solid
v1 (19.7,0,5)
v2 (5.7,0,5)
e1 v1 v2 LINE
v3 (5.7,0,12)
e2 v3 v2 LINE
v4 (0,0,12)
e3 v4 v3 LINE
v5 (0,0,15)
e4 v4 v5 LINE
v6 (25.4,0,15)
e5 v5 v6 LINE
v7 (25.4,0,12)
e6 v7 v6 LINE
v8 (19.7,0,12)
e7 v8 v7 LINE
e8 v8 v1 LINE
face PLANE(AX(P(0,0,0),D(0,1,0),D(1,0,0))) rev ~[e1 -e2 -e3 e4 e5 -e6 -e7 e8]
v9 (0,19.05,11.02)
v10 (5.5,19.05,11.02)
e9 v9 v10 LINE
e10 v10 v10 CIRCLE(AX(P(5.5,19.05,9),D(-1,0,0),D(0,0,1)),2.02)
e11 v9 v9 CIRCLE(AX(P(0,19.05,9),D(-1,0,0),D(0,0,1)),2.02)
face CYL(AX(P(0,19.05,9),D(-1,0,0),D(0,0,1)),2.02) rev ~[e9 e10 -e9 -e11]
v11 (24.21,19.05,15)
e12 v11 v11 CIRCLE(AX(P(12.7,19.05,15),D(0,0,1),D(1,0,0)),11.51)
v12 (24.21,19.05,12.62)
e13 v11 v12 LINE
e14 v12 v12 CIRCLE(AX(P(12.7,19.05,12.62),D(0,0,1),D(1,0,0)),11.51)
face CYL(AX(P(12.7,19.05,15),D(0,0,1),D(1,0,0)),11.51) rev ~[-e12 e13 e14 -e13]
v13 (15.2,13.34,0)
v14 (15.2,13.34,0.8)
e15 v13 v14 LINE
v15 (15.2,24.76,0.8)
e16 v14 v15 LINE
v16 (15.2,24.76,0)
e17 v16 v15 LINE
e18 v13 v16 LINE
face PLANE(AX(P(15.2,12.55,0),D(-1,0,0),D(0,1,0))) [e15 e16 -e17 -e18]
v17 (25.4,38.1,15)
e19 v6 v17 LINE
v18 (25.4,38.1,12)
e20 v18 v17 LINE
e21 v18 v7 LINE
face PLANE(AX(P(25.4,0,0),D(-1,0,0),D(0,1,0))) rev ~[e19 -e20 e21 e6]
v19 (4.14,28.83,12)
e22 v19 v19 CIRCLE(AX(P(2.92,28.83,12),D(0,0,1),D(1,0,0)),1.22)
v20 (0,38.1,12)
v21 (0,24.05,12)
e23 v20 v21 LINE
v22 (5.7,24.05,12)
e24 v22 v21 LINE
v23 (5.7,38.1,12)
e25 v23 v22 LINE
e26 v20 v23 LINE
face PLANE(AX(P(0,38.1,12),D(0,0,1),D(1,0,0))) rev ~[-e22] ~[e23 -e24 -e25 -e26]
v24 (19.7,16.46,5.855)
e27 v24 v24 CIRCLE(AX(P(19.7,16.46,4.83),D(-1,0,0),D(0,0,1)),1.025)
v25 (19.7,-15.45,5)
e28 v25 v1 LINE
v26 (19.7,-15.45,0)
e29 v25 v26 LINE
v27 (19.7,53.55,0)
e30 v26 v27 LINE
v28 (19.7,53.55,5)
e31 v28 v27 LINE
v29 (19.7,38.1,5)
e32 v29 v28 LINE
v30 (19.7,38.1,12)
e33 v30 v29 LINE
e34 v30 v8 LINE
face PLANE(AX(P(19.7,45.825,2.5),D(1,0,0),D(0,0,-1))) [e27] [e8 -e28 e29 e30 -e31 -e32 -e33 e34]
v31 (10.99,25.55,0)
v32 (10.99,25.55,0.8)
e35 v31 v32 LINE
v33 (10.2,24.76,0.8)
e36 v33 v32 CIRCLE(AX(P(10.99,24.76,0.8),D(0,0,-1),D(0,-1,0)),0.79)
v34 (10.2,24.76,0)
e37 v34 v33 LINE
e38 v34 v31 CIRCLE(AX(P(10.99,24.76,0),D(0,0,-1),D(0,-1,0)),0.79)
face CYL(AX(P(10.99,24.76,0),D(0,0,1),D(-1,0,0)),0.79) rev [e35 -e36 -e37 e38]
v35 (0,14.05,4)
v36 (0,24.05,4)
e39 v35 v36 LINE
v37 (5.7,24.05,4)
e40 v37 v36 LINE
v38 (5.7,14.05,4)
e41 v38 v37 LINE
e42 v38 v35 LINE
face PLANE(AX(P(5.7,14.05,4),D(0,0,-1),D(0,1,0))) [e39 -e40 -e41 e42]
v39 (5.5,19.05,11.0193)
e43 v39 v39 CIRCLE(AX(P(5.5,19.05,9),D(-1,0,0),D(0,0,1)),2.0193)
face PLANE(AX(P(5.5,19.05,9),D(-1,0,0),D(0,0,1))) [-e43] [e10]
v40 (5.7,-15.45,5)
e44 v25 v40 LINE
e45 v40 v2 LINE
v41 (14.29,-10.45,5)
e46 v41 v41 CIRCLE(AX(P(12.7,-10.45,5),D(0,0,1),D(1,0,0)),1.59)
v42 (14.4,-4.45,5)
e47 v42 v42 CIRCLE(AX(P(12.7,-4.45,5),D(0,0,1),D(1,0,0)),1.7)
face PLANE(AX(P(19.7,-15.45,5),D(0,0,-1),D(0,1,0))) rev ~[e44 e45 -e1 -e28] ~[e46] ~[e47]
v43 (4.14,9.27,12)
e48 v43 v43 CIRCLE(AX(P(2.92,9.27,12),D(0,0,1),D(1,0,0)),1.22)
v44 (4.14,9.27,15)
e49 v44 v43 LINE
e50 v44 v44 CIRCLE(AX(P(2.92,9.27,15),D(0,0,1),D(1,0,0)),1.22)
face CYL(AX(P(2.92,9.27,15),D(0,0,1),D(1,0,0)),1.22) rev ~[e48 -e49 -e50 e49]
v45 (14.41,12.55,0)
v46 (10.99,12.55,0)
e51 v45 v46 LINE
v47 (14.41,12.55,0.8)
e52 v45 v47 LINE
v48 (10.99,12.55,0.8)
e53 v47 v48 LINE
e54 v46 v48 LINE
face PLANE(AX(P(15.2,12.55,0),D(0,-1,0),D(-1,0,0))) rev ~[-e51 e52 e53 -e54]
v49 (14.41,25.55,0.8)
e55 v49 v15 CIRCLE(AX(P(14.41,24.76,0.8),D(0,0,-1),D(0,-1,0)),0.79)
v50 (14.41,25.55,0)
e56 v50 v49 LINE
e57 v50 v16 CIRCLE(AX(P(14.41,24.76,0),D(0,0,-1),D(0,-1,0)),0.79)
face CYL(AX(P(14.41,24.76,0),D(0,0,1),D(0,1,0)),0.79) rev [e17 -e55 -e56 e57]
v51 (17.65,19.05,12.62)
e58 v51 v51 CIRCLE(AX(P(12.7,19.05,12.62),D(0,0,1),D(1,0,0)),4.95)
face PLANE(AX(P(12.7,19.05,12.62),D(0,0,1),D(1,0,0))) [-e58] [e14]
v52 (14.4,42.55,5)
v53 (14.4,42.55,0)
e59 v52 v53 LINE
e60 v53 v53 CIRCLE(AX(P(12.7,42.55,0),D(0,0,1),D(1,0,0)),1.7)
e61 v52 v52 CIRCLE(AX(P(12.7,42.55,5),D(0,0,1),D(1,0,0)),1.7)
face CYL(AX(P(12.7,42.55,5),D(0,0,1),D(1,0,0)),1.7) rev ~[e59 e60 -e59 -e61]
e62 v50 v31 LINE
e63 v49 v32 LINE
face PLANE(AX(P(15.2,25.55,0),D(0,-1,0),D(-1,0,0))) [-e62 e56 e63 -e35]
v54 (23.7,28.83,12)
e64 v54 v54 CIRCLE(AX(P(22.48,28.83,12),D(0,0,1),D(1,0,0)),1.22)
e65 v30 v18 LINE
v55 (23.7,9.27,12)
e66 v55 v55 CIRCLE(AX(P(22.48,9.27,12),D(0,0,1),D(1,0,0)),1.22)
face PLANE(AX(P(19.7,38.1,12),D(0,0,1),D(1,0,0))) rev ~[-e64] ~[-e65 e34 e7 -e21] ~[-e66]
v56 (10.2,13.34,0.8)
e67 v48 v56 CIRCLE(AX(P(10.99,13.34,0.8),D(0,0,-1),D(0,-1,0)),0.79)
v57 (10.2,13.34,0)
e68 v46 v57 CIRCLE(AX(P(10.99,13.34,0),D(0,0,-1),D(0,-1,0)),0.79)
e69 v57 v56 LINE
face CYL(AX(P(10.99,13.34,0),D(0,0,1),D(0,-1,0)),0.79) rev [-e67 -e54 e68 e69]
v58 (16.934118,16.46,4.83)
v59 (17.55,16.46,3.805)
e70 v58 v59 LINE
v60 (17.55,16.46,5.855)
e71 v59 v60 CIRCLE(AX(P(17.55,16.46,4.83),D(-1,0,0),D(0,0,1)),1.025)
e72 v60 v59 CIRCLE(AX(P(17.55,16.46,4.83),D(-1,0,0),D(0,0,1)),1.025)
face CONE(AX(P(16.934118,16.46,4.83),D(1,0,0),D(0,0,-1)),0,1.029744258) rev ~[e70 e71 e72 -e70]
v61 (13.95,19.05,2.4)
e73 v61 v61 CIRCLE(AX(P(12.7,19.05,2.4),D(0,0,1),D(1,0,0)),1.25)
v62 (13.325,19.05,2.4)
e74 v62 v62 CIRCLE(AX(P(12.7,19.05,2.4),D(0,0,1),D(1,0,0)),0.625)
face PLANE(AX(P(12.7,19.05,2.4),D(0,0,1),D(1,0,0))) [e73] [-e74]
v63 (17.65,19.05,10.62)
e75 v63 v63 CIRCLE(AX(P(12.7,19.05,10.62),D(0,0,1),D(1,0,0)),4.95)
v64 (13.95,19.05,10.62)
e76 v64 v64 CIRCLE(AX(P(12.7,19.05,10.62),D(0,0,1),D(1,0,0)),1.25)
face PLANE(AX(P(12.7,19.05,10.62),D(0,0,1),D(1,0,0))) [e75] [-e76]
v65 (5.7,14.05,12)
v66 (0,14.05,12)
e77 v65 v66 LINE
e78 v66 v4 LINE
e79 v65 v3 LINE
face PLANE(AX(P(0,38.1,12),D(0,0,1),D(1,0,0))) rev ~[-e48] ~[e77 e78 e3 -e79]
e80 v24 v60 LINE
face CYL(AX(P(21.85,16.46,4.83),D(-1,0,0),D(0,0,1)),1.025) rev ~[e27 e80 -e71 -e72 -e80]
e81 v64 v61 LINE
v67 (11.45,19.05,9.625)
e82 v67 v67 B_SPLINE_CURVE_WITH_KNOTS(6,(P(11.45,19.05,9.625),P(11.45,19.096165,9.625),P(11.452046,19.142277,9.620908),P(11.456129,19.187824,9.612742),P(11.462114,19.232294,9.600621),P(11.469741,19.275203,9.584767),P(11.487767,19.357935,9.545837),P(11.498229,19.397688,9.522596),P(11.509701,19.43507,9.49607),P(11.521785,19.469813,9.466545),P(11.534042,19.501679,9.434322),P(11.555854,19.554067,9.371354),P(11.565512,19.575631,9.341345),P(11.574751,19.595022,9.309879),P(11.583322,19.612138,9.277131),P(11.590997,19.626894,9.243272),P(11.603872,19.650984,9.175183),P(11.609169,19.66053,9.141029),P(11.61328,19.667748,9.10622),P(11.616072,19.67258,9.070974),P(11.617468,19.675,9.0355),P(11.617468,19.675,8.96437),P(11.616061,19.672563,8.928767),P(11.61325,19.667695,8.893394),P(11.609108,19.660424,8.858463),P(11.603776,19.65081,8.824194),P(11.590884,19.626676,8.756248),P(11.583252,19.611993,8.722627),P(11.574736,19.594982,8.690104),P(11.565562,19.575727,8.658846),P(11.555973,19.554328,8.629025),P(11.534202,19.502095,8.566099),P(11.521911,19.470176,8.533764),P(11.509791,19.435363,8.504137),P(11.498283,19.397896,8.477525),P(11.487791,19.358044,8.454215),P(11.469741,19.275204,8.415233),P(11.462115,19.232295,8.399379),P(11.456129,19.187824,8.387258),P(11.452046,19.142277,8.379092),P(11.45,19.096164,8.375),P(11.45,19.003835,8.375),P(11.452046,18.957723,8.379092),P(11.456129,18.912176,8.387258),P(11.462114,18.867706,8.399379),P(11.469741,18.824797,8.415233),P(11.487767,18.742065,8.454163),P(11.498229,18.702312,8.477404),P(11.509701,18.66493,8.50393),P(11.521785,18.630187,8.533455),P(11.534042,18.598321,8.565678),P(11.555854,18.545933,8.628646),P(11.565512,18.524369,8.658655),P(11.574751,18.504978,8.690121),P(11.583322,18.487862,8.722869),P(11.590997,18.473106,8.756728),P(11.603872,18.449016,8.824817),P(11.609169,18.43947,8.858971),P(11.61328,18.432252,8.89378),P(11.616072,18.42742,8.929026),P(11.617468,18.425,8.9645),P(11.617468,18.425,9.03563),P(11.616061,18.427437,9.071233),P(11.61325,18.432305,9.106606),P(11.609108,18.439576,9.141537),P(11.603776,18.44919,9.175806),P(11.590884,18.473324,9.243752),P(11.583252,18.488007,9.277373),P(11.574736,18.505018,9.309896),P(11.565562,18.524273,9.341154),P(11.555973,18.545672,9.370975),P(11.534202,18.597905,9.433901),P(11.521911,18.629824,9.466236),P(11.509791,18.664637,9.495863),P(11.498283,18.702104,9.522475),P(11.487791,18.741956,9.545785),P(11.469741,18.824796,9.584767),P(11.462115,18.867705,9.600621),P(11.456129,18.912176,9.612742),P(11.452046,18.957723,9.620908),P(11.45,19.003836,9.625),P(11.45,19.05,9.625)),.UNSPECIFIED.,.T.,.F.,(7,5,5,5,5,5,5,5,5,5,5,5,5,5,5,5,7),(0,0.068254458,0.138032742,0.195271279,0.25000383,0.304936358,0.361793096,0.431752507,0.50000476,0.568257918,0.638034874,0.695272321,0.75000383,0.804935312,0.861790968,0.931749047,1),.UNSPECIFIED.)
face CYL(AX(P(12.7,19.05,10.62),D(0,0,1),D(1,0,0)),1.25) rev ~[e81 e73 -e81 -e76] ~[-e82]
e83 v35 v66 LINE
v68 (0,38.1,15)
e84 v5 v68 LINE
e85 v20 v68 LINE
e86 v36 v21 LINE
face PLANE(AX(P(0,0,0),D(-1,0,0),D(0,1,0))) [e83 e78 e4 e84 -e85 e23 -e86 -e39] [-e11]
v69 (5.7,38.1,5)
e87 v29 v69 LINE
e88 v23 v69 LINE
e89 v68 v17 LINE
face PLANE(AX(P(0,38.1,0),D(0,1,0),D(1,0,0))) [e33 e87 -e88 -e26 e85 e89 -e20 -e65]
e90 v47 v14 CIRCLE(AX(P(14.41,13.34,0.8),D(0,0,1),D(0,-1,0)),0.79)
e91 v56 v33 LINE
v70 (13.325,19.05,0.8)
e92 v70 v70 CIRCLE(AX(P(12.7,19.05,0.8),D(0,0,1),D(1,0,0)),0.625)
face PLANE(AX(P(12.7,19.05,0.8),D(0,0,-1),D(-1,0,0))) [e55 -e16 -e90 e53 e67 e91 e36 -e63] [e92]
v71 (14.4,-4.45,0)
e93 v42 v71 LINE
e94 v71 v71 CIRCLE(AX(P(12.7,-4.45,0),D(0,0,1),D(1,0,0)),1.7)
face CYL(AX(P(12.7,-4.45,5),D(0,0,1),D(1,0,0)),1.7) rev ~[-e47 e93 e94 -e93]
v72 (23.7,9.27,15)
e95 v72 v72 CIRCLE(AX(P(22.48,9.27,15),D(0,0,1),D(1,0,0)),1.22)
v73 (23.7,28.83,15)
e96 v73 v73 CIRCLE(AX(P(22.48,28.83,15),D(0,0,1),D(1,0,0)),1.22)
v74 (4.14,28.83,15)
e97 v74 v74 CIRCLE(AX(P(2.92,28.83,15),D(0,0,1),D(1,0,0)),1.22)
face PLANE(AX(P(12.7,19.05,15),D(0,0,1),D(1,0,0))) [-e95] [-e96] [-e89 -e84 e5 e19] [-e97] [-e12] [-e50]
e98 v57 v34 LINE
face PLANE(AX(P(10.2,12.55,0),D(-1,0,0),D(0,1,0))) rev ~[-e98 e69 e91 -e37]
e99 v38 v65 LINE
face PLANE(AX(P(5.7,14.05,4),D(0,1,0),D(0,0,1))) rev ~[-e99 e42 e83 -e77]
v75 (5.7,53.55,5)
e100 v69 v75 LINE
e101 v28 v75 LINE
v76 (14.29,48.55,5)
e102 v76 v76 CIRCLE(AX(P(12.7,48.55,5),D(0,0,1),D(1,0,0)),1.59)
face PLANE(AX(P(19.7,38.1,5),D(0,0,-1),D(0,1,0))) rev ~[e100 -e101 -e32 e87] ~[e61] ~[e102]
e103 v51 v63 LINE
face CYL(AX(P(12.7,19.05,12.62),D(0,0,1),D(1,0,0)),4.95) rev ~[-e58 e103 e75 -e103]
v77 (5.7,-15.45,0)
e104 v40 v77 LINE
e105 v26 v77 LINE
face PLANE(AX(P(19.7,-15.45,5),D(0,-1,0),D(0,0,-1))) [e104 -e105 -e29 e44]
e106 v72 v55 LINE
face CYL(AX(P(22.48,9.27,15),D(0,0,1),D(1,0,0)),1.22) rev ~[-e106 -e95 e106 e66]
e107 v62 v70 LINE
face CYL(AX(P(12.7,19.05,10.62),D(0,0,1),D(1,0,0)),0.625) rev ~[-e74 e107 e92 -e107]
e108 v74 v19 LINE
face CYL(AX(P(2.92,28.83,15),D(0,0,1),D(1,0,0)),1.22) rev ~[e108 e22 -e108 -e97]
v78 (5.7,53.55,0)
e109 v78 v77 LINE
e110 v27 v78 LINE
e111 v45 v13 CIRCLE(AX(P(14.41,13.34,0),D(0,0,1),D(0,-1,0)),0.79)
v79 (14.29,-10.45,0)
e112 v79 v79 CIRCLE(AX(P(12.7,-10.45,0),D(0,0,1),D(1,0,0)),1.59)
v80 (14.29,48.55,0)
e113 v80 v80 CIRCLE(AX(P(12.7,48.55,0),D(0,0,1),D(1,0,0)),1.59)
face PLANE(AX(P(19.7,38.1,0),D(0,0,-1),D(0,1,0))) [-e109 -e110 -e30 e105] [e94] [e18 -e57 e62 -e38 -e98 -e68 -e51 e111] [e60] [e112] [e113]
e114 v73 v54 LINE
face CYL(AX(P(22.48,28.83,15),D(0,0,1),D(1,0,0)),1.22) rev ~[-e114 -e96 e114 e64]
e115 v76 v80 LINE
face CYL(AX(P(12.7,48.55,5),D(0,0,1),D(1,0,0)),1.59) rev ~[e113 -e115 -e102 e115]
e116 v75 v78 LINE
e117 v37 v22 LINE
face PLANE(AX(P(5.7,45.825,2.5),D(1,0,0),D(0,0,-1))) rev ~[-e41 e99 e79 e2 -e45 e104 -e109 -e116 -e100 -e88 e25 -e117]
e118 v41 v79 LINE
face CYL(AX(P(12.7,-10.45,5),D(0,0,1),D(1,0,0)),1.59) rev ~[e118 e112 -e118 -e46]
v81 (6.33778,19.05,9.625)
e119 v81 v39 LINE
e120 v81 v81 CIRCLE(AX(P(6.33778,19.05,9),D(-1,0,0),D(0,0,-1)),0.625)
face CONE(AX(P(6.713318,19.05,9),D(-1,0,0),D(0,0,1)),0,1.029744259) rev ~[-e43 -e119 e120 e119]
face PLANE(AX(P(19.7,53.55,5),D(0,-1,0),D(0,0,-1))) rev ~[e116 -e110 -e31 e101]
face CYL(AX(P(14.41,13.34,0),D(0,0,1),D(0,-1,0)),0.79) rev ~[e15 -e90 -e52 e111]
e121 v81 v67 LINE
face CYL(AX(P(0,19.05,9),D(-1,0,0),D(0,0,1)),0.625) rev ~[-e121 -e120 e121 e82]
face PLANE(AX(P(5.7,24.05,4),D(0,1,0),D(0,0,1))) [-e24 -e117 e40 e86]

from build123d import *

# Parameters (mm, degrees)
SKETCH1_W                          = 25.4
SKETCH1_H                          = 38.1
BOSS_EXTRUDE1_DEPTH                = 15
SKETCH2_R                          = 11.51
CUT_EXTRUDE1_DEPTH                 = 2.38
SKETCH3_R                          = 4.95
CUT_EXTRUDE2_DEPTH                 = 2
SKETCH4_R                          = 0.625
CUT_EXTRUDE3_DEPTH                 = 48.005897502
SKETCH5_R                          = 1.22
CUT_EXTRUDE4_DEPTH                 = 49.184748624
SKETCH7_W                          = 5.7
SKETCH7_H                          = 12
CUT_EXTRUDE5_DEPTH                 = 49.184748624
SKETCH12_W                         = 5
SKETCH12_H                         = 15.45
BOSS_EXTRUDE2_DEPTH                = 14
SKETCH13_R                         = 1.59
SKETCH13_R_2                       = 1.7
CUT_EXTRUDE8_DEPTH                 = 7.5
TAP_DRILL_FOR_M2_5X0_45_TAP1_D     = 2.05
TAP_DRILL_FOR_M2_5X0_45_TAP1_DEPTH = 2.15
TAP_DRILL_FOR_M2_5X0_45_TAP1_TIP   = 0.615882135
SKETCH21_W                         = 5
SKETCH21_H                         = 13
CUT_EXTRUDE10_DEPTH                = 0.8
FILLET1_R                          = 0.79
SKETCH22_W                         = 8
SKETCH22_H                         = 10
BOSS_EXTRUDE3_DEPTH                = 5.7
SKETCH23_R                         = 2.02
CUT_EXTRUDE11_DEPTH                = 5.5
TAP_DRILL_FOR_10_32_TAP1_D         = 4.0386
TAP_DRILL_FOR_10_32_TAP1_DEPTH     = 5.5
TAP_DRILL_FOR_10_32_TAP1_TIP       = 1.213317848
SKETCH26_R                         = 0.625
CUT_EXTRUDE12_DEPTH                = 12.7
SKETCH27_R                         = 1.25
CUT_EXTRUDE13_DEPTH                = 8.22


with BuildPart() as part:
    # Sketch1 → Boss-Extrude1 (new body)
    with BuildSketch(Plane.XY):
        with Locations((12.7, 19.05)):
            Rectangle(SKETCH1_W, SKETCH1_H)
    extrude(amount=BOSS_EXTRUDE1_DEPTH)

    # Sketch2 → Cut-Extrude1 (cut)
    with BuildSketch(Plane.XY.offset(15)):
        with Locations((12.7, 19.05)):
            Circle(SKETCH2_R)
    extrude(amount=-CUT_EXTRUDE1_DEPTH, mode=Mode.SUBTRACT)

    # Sketch3 → Cut-Extrude2 (cut)
    with BuildSketch(Plane.XY.offset(12.62)):
        with Locations((12.7, 19.05)):
            Circle(SKETCH3_R)
    extrude(amount=-CUT_EXTRUDE2_DEPTH, mode=Mode.SUBTRACT)

    # Sketch4 → Cut-Extrude3 (cut, through all)
    with BuildSketch(Plane.XY.offset(10.62)):
        with Locations((12.7, 19.05)):
            Circle(SKETCH4_R)
    extrude(amount=-CUT_EXTRUDE3_DEPTH, mode=Mode.SUBTRACT)

    # Sketch5 → Cut-Extrude4 (cut, through all)
    with BuildSketch(Plane.XY.offset(15)):
        with Locations((2.92, 28.83)):
            Circle(SKETCH5_R)
        with Locations((22.48, 28.83)):
            Circle(SKETCH5_R)
        with Locations((22.48, 9.27)):
            Circle(SKETCH5_R)
        with Locations((2.92, 9.27)):
            Circle(SKETCH5_R)
    extrude(amount=-CUT_EXTRUDE4_DEPTH, mode=Mode.SUBTRACT)

    # Sketch7 → Cut-Extrude5 (cut, through all)
    with BuildSketch(Plane(origin=(0, 38.1, 0), x_dir=(1, 0, 0), z_dir=(0, 1, 0))):
        with Locations((2.85, -6)):
            Rectangle(SKETCH7_W, SKETCH7_H)
        with Locations((22.55, -6)):
            Rectangle(SKETCH7_W, SKETCH7_H)
    extrude(amount=-CUT_EXTRUDE5_DEPTH, mode=Mode.SUBTRACT)

    # Sketch12 → Boss-Extrude2 (add)
    with BuildSketch(Plane(origin=(19.7, 0, 0), x_dir=(0, 0, -1), z_dir=(1, 0, 0))):
        with Locations((-2.5, 45.825)):
            Rectangle(SKETCH12_W, SKETCH12_H)
        with Locations((-2.5, -7.725)):
            Rectangle(SKETCH12_W, SKETCH12_H)
    extrude(amount=-BOSS_EXTRUDE2_DEPTH)

    # Sketch13 → Cut-Extrude8 (cut)
    with BuildSketch(Plane.XY.offset(5)):
        with Locations((12.7, 48.55)):
            Circle(SKETCH13_R)
        with Locations((12.7, 42.55)):
            Circle(SKETCH13_R_2)
        with Locations((12.7, -4.45)):
            Circle(SKETCH13_R_2)
        with Locations((12.7, -10.45)):
            Circle(SKETCH13_R)
    extrude(amount=-CUT_EXTRUDE8_DEPTH, mode=Mode.SUBTRACT)

    # Tap Drill for M2.5x0.45 Tap1
    with Locations(Plane(origin=(19.7, 0, 0), x_dir=(0, 0, -1), z_dir=(1, 0, 0))):
        with Locations((-4.83, 16.46)):
            Hole(TAP_DRILL_FOR_M2_5X0_45_TAP1_D / 2, depth=TAP_DRILL_FOR_M2_5X0_45_TAP1_DEPTH)
            with Locations((0, 0, -(TAP_DRILL_FOR_M2_5X0_45_TAP1_DEPTH + TAP_DRILL_FOR_M2_5X0_45_TAP1_TIP / 2))):  # 118° drill point
                Cone(0, TAP_DRILL_FOR_M2_5X0_45_TAP1_D / 2, TAP_DRILL_FOR_M2_5X0_45_TAP1_TIP, mode=Mode.SUBTRACT)

    # Sketch21 → Cut-Extrude10 (cut)
    with BuildSketch(Plane(origin=(0, 0, 0), x_dir=(-1, 0, 0), z_dir=(0, 0, -1))):
        with Locations((-12.7, 19.05)):
            Rectangle(SKETCH21_W, SKETCH21_H)
    extrude(amount=-CUT_EXTRUDE10_DEPTH, mode=Mode.SUBTRACT)

    # Fillet1
    fillet1_edges = [part.edges().sort_by_distance(p)[0] for p in [
        (10.2, 25.55, 0.4),
        (10.2, 12.55, 0.4),
        (15.2, 12.55, 0.4),
        (15.2, 25.55, 0.4),
    ]]
    fillet(fillet1_edges, radius=FILLET1_R)

    # Sketch22 → Boss-Extrude3 (add)
    with BuildSketch(Plane.ZY.offset(-5.7)):
        with Locations((8, 19.05)):
            Rectangle(SKETCH22_W, SKETCH22_H)
    extrude(amount=BOSS_EXTRUDE3_DEPTH)

    # Sketch23 → Cut-Extrude11 (cut)
    with BuildSketch(Plane.ZY):
        with Locations((9, 19.05)):
            Circle(SKETCH23_R)
    extrude(amount=-CUT_EXTRUDE11_DEPTH, mode=Mode.SUBTRACT)

    # Tap Drill for #10-32 Tap1
    with Locations(Plane.ZY):
        with Locations((9, 19.05)):
            Hole(TAP_DRILL_FOR_10_32_TAP1_D / 2, depth=TAP_DRILL_FOR_10_32_TAP1_DEPTH)
            with Locations((0, 0, -(TAP_DRILL_FOR_10_32_TAP1_DEPTH + TAP_DRILL_FOR_10_32_TAP1_TIP / 2))):  # 118° drill point
                Cone(0, TAP_DRILL_FOR_10_32_TAP1_D / 2, TAP_DRILL_FOR_10_32_TAP1_TIP, mode=Mode.SUBTRACT)

    # Sketch26 → Cut-Extrude12 (cut)
    with BuildSketch(Plane.ZY):
        with Locations((9, 19.05)):
            Circle(SKETCH26_R)
    extrude(amount=-CUT_EXTRUDE12_DEPTH, mode=Mode.SUBTRACT)

    # Sketch27 → Cut-Extrude13 (cut)
    with BuildSketch(Plane.XY.offset(10.62)):
        with Locations((12.7, 19.05)):
            Circle(SKETCH27_R)
    extrude(amount=-CUT_EXTRUDE13_DEPTH, mode=Mode.SUBTRACT)


solid = part.part
